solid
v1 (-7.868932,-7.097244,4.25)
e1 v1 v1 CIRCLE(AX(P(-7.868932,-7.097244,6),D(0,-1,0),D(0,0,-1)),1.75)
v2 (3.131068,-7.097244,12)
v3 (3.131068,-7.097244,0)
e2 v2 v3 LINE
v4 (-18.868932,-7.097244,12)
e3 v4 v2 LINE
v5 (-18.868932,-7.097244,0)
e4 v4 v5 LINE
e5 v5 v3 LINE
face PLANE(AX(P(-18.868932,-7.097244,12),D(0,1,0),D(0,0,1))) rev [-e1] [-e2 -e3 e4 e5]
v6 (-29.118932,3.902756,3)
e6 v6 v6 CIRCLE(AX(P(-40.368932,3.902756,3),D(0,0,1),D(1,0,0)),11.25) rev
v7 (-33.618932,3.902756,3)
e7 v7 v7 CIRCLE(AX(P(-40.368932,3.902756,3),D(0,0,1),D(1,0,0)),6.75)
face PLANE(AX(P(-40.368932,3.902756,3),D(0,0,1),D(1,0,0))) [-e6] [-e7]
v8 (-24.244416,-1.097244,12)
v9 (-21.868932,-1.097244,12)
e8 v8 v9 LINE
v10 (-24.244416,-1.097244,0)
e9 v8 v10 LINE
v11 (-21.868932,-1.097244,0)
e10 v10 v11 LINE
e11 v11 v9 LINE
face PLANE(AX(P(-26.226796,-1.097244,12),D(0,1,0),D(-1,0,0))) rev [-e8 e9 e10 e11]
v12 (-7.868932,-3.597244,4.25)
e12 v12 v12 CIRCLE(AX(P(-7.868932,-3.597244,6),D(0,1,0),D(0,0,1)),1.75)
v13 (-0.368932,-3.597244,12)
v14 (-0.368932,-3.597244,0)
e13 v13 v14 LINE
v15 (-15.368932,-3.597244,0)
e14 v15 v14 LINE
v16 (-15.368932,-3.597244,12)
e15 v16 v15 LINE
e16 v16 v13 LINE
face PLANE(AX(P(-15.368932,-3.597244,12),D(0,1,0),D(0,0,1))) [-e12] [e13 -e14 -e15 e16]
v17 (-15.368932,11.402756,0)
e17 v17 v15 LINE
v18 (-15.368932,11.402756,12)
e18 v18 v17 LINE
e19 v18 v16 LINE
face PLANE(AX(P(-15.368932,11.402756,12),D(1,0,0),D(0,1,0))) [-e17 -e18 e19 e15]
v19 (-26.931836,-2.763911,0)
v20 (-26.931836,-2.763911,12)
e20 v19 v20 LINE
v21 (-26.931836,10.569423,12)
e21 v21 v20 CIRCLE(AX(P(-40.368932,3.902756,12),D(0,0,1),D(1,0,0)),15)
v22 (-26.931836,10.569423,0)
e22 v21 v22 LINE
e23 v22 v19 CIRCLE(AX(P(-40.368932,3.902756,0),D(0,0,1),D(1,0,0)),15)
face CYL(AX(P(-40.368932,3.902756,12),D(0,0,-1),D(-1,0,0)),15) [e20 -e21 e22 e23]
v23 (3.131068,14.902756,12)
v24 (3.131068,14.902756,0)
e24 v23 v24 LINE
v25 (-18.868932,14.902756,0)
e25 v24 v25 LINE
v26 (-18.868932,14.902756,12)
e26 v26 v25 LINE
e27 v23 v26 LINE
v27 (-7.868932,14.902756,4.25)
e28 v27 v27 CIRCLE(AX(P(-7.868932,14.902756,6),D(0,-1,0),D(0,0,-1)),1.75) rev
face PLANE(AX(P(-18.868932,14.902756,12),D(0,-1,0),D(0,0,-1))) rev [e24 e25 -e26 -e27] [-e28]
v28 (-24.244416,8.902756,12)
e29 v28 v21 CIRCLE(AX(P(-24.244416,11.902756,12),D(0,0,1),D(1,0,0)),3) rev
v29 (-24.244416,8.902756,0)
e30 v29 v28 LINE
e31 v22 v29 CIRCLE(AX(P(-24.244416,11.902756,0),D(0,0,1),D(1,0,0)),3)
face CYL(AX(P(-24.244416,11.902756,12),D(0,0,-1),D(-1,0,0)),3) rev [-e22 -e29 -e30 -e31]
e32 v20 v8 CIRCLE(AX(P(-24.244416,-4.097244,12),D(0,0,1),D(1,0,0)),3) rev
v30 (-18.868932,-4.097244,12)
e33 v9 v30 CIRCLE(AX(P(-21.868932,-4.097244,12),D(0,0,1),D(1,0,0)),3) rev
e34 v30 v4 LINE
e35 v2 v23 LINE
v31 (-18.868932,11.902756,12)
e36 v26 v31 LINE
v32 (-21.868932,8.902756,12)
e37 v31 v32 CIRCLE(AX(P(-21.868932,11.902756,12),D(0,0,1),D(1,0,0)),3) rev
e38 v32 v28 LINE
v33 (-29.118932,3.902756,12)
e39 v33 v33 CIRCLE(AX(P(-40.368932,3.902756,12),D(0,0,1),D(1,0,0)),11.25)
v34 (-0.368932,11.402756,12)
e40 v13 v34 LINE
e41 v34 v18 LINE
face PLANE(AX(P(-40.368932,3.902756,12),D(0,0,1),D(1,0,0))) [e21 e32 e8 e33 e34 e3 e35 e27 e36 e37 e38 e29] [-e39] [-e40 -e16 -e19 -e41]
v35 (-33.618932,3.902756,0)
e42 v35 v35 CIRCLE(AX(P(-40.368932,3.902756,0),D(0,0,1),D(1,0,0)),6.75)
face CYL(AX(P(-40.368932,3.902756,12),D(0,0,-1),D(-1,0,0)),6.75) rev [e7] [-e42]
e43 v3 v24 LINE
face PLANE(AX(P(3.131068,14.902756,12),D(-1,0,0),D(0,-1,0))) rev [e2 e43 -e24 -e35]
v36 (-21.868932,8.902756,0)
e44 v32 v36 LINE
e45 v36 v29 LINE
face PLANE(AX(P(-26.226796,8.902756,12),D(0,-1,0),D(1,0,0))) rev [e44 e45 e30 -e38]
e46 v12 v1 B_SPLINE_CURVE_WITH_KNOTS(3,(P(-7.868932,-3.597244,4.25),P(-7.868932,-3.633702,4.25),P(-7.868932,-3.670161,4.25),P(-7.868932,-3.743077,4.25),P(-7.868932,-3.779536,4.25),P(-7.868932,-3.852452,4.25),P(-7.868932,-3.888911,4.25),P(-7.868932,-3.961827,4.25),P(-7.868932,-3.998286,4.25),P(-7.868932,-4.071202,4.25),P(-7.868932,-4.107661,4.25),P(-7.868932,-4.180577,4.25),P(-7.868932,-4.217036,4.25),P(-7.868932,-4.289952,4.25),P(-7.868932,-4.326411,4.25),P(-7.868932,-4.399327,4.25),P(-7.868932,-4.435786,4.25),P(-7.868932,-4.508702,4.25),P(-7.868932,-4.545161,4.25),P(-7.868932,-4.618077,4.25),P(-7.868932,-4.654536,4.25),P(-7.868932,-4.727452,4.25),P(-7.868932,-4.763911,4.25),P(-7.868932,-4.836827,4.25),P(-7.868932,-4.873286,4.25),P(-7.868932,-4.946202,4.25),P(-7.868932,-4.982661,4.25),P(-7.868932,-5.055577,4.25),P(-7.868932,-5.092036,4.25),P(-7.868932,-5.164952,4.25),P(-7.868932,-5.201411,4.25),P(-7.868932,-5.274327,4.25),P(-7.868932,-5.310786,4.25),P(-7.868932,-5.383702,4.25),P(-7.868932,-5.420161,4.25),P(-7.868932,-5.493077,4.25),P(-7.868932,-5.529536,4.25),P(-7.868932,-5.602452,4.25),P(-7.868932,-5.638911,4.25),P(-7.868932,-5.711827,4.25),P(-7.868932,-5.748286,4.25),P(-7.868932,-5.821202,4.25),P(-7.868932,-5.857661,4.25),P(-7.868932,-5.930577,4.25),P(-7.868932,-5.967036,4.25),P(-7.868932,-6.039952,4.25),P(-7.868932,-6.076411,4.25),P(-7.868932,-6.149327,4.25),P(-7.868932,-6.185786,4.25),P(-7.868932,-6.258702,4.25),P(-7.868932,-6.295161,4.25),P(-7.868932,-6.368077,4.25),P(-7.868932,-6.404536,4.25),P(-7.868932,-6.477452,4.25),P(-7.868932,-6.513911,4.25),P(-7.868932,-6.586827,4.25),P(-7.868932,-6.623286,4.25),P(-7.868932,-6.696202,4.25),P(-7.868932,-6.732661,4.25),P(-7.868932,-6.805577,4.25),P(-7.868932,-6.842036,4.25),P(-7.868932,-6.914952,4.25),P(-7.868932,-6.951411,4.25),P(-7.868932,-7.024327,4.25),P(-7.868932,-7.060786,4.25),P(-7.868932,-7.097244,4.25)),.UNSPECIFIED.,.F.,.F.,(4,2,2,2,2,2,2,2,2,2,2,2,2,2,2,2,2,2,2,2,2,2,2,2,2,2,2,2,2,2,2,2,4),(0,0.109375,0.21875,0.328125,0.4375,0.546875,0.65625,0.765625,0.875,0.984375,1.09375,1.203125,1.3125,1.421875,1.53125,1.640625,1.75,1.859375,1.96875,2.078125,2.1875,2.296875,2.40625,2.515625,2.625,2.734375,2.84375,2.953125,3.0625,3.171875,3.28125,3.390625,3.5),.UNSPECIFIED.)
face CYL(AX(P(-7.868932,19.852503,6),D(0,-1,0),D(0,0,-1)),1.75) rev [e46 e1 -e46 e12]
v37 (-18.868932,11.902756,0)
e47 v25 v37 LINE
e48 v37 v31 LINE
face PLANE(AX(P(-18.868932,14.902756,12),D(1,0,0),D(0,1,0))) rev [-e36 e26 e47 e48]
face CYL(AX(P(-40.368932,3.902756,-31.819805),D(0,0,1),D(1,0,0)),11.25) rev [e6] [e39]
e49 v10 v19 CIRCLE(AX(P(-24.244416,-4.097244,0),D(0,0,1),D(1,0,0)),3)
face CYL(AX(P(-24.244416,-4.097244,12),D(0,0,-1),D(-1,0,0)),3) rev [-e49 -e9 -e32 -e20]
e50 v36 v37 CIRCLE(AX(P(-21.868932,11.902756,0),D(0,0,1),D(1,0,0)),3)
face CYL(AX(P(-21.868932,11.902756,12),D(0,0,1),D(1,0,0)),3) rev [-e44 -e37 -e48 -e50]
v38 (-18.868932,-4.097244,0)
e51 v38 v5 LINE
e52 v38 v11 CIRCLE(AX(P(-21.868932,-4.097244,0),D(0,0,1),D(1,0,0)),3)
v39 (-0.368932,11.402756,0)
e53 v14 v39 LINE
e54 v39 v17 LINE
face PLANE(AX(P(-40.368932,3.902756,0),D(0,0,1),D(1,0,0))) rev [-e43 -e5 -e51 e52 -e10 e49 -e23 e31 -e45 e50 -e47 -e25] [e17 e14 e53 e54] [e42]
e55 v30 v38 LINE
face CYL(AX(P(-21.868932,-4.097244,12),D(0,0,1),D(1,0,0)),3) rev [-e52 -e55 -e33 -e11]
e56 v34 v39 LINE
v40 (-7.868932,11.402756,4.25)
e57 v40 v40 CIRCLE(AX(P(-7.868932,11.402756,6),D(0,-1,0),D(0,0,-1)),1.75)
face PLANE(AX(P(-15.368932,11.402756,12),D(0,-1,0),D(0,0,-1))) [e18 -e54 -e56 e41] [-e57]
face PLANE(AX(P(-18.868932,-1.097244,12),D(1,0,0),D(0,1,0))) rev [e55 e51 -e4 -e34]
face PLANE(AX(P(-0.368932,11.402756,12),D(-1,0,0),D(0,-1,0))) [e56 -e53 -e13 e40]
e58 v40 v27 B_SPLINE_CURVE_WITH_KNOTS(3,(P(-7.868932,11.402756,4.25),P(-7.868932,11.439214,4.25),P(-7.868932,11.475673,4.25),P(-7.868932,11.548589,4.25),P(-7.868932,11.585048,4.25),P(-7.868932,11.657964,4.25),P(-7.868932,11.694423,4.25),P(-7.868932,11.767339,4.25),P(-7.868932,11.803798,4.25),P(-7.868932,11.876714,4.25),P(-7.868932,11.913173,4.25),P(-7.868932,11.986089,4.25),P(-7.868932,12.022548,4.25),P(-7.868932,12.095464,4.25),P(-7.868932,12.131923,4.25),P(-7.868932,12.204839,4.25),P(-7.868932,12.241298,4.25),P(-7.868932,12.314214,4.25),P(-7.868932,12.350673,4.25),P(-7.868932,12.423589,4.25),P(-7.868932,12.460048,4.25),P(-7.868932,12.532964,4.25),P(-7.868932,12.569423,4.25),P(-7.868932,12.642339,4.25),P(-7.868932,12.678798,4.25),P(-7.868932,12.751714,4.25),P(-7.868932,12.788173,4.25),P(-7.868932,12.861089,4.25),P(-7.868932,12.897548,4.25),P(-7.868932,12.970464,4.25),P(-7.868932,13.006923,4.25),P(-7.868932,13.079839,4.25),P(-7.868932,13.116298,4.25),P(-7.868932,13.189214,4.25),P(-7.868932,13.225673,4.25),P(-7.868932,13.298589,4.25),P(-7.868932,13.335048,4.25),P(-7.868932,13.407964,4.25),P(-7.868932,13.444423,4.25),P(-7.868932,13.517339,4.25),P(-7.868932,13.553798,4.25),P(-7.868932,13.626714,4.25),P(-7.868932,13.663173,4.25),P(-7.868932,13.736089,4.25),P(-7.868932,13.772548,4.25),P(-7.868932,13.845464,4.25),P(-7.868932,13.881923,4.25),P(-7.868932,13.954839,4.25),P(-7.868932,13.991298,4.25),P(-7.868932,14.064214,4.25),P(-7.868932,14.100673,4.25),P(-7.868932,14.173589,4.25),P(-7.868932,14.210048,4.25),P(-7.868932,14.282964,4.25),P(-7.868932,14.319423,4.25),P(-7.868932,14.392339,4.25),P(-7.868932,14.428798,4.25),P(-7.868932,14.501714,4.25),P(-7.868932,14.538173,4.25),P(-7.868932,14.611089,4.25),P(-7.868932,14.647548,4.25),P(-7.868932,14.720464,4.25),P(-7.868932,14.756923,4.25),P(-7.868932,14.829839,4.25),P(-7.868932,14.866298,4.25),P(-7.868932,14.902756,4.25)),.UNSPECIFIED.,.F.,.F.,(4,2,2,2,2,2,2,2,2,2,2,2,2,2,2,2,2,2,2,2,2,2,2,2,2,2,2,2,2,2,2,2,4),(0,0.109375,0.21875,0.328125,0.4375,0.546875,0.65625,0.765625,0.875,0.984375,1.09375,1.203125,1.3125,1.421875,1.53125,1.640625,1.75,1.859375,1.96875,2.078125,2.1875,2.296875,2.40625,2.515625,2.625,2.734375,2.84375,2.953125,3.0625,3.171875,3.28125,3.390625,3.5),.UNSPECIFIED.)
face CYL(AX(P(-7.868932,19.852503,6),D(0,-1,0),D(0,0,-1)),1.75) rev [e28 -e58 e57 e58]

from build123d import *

# Parameters (mm, degrees)
SKETCH1_R           = 6.75
SKETCH1_W           = 15
SKETCH1_H           = 15
BOSS_EXTRUDE1_DEPTH = 12
CUT_EXTRUDE1_REACH  = 64.336
SKETCH2_R           = 1.75
FILLET1_R           = 3
SKETCH3_R           = 11.25
CUT_EXTRUDE2_DEPTH  = 9


with BuildPart() as part:
    # Sketch1 → Boss-Extrude1 (new body)
    with BuildSketch(Plane.XY):
        with BuildLine():
            Line((-18.868931919, 14.90275594), (3.131068081, 14.90275594))
            Line((3.131068081, 14.90275594), (3.131068081, -7.09724406))
            Line((3.131068081, -7.09724406), (-18.868931919, -7.09724406))
            Line((-18.868931919, -7.09724406), (-18.868931919, -1.09724406))
            Line((-18.868931919, -1.09724406), (-26.226796295, -1.09724406))
            ThreePointArc((-26.226796295, -1.09724406), (-55.368931919, 3.90275594), (-26.226796295, 8.90275594))
            Line((-26.226796295, 8.90275594), (-18.868931919, 8.90275594))
            Line((-18.868931919, 8.90275594), (-18.868931919, 14.90275594))
        make_face()
        with Locations((-40.368931919, 3.90275594)):
            Circle(SKETCH1_R, mode=Mode.SUBTRACT)
        with Locations((-7.868931919, 3.90275594)):
            Rectangle(SKETCH1_W, SKETCH1_H, mode=Mode.SUBTRACT)
    extrude(amount=BOSS_EXTRUDE1_DEPTH)

    # Cut-Extrude1: up to this face of the body (flat: up to its plane)
    cut_extrude1_end = Plane(part.part.faces().sort_by_distance((-7.868931919, 14.90275594, 6))[0])
    # Sketch2 → Cut-Extrude1 (cut, up to the picked face)
    with BuildSketch(Plane.XZ.offset(7.09724406), mode=Mode.PRIVATE) as cut_extrude1_sk1:
        with Locations(Location((-7.868931919, 6, 0), (0, 0, 270))):
            Circle(SKETCH2_R)
    cut_extrude1_tool1 = split(extrude(cut_extrude1_sk1.sketch, amount=-CUT_EXTRUDE1_REACH, mode=Mode.PRIVATE), bisect_by=cut_extrude1_end, keep=Keep.BOTH, mode=Mode.PRIVATE)
    add(cut_extrude1_tool1.solids().sort_by(Axis((-7.868932, -7.097244, 6), (0, 1, 0)))[0], mode=Mode.SUBTRACT)

    # Fillet1
    fillet1_edges = [part.edges().sort_by_distance(p)[0] for p in [
        (-18.868931919, -1.09724406, 6),
        (-26.226796295, -1.09724406, 6),
        (-26.226796295, 8.90275594, 6),
        (-18.868931919, 8.90275594, 6),
    ]]
    fillet(fillet1_edges, radius=FILLET1_R)

    # Sketch3 → Cut-Extrude2 (cut)
    with BuildSketch(Plane.XY.offset(12)):
        with Locations((-40.368931919, 3.90275594)):
            Circle(SKETCH3_R)
    extrude(amount=-CUT_EXTRUDE2_DEPTH, mode=Mode.SUBTRACT)


solid = part.part
